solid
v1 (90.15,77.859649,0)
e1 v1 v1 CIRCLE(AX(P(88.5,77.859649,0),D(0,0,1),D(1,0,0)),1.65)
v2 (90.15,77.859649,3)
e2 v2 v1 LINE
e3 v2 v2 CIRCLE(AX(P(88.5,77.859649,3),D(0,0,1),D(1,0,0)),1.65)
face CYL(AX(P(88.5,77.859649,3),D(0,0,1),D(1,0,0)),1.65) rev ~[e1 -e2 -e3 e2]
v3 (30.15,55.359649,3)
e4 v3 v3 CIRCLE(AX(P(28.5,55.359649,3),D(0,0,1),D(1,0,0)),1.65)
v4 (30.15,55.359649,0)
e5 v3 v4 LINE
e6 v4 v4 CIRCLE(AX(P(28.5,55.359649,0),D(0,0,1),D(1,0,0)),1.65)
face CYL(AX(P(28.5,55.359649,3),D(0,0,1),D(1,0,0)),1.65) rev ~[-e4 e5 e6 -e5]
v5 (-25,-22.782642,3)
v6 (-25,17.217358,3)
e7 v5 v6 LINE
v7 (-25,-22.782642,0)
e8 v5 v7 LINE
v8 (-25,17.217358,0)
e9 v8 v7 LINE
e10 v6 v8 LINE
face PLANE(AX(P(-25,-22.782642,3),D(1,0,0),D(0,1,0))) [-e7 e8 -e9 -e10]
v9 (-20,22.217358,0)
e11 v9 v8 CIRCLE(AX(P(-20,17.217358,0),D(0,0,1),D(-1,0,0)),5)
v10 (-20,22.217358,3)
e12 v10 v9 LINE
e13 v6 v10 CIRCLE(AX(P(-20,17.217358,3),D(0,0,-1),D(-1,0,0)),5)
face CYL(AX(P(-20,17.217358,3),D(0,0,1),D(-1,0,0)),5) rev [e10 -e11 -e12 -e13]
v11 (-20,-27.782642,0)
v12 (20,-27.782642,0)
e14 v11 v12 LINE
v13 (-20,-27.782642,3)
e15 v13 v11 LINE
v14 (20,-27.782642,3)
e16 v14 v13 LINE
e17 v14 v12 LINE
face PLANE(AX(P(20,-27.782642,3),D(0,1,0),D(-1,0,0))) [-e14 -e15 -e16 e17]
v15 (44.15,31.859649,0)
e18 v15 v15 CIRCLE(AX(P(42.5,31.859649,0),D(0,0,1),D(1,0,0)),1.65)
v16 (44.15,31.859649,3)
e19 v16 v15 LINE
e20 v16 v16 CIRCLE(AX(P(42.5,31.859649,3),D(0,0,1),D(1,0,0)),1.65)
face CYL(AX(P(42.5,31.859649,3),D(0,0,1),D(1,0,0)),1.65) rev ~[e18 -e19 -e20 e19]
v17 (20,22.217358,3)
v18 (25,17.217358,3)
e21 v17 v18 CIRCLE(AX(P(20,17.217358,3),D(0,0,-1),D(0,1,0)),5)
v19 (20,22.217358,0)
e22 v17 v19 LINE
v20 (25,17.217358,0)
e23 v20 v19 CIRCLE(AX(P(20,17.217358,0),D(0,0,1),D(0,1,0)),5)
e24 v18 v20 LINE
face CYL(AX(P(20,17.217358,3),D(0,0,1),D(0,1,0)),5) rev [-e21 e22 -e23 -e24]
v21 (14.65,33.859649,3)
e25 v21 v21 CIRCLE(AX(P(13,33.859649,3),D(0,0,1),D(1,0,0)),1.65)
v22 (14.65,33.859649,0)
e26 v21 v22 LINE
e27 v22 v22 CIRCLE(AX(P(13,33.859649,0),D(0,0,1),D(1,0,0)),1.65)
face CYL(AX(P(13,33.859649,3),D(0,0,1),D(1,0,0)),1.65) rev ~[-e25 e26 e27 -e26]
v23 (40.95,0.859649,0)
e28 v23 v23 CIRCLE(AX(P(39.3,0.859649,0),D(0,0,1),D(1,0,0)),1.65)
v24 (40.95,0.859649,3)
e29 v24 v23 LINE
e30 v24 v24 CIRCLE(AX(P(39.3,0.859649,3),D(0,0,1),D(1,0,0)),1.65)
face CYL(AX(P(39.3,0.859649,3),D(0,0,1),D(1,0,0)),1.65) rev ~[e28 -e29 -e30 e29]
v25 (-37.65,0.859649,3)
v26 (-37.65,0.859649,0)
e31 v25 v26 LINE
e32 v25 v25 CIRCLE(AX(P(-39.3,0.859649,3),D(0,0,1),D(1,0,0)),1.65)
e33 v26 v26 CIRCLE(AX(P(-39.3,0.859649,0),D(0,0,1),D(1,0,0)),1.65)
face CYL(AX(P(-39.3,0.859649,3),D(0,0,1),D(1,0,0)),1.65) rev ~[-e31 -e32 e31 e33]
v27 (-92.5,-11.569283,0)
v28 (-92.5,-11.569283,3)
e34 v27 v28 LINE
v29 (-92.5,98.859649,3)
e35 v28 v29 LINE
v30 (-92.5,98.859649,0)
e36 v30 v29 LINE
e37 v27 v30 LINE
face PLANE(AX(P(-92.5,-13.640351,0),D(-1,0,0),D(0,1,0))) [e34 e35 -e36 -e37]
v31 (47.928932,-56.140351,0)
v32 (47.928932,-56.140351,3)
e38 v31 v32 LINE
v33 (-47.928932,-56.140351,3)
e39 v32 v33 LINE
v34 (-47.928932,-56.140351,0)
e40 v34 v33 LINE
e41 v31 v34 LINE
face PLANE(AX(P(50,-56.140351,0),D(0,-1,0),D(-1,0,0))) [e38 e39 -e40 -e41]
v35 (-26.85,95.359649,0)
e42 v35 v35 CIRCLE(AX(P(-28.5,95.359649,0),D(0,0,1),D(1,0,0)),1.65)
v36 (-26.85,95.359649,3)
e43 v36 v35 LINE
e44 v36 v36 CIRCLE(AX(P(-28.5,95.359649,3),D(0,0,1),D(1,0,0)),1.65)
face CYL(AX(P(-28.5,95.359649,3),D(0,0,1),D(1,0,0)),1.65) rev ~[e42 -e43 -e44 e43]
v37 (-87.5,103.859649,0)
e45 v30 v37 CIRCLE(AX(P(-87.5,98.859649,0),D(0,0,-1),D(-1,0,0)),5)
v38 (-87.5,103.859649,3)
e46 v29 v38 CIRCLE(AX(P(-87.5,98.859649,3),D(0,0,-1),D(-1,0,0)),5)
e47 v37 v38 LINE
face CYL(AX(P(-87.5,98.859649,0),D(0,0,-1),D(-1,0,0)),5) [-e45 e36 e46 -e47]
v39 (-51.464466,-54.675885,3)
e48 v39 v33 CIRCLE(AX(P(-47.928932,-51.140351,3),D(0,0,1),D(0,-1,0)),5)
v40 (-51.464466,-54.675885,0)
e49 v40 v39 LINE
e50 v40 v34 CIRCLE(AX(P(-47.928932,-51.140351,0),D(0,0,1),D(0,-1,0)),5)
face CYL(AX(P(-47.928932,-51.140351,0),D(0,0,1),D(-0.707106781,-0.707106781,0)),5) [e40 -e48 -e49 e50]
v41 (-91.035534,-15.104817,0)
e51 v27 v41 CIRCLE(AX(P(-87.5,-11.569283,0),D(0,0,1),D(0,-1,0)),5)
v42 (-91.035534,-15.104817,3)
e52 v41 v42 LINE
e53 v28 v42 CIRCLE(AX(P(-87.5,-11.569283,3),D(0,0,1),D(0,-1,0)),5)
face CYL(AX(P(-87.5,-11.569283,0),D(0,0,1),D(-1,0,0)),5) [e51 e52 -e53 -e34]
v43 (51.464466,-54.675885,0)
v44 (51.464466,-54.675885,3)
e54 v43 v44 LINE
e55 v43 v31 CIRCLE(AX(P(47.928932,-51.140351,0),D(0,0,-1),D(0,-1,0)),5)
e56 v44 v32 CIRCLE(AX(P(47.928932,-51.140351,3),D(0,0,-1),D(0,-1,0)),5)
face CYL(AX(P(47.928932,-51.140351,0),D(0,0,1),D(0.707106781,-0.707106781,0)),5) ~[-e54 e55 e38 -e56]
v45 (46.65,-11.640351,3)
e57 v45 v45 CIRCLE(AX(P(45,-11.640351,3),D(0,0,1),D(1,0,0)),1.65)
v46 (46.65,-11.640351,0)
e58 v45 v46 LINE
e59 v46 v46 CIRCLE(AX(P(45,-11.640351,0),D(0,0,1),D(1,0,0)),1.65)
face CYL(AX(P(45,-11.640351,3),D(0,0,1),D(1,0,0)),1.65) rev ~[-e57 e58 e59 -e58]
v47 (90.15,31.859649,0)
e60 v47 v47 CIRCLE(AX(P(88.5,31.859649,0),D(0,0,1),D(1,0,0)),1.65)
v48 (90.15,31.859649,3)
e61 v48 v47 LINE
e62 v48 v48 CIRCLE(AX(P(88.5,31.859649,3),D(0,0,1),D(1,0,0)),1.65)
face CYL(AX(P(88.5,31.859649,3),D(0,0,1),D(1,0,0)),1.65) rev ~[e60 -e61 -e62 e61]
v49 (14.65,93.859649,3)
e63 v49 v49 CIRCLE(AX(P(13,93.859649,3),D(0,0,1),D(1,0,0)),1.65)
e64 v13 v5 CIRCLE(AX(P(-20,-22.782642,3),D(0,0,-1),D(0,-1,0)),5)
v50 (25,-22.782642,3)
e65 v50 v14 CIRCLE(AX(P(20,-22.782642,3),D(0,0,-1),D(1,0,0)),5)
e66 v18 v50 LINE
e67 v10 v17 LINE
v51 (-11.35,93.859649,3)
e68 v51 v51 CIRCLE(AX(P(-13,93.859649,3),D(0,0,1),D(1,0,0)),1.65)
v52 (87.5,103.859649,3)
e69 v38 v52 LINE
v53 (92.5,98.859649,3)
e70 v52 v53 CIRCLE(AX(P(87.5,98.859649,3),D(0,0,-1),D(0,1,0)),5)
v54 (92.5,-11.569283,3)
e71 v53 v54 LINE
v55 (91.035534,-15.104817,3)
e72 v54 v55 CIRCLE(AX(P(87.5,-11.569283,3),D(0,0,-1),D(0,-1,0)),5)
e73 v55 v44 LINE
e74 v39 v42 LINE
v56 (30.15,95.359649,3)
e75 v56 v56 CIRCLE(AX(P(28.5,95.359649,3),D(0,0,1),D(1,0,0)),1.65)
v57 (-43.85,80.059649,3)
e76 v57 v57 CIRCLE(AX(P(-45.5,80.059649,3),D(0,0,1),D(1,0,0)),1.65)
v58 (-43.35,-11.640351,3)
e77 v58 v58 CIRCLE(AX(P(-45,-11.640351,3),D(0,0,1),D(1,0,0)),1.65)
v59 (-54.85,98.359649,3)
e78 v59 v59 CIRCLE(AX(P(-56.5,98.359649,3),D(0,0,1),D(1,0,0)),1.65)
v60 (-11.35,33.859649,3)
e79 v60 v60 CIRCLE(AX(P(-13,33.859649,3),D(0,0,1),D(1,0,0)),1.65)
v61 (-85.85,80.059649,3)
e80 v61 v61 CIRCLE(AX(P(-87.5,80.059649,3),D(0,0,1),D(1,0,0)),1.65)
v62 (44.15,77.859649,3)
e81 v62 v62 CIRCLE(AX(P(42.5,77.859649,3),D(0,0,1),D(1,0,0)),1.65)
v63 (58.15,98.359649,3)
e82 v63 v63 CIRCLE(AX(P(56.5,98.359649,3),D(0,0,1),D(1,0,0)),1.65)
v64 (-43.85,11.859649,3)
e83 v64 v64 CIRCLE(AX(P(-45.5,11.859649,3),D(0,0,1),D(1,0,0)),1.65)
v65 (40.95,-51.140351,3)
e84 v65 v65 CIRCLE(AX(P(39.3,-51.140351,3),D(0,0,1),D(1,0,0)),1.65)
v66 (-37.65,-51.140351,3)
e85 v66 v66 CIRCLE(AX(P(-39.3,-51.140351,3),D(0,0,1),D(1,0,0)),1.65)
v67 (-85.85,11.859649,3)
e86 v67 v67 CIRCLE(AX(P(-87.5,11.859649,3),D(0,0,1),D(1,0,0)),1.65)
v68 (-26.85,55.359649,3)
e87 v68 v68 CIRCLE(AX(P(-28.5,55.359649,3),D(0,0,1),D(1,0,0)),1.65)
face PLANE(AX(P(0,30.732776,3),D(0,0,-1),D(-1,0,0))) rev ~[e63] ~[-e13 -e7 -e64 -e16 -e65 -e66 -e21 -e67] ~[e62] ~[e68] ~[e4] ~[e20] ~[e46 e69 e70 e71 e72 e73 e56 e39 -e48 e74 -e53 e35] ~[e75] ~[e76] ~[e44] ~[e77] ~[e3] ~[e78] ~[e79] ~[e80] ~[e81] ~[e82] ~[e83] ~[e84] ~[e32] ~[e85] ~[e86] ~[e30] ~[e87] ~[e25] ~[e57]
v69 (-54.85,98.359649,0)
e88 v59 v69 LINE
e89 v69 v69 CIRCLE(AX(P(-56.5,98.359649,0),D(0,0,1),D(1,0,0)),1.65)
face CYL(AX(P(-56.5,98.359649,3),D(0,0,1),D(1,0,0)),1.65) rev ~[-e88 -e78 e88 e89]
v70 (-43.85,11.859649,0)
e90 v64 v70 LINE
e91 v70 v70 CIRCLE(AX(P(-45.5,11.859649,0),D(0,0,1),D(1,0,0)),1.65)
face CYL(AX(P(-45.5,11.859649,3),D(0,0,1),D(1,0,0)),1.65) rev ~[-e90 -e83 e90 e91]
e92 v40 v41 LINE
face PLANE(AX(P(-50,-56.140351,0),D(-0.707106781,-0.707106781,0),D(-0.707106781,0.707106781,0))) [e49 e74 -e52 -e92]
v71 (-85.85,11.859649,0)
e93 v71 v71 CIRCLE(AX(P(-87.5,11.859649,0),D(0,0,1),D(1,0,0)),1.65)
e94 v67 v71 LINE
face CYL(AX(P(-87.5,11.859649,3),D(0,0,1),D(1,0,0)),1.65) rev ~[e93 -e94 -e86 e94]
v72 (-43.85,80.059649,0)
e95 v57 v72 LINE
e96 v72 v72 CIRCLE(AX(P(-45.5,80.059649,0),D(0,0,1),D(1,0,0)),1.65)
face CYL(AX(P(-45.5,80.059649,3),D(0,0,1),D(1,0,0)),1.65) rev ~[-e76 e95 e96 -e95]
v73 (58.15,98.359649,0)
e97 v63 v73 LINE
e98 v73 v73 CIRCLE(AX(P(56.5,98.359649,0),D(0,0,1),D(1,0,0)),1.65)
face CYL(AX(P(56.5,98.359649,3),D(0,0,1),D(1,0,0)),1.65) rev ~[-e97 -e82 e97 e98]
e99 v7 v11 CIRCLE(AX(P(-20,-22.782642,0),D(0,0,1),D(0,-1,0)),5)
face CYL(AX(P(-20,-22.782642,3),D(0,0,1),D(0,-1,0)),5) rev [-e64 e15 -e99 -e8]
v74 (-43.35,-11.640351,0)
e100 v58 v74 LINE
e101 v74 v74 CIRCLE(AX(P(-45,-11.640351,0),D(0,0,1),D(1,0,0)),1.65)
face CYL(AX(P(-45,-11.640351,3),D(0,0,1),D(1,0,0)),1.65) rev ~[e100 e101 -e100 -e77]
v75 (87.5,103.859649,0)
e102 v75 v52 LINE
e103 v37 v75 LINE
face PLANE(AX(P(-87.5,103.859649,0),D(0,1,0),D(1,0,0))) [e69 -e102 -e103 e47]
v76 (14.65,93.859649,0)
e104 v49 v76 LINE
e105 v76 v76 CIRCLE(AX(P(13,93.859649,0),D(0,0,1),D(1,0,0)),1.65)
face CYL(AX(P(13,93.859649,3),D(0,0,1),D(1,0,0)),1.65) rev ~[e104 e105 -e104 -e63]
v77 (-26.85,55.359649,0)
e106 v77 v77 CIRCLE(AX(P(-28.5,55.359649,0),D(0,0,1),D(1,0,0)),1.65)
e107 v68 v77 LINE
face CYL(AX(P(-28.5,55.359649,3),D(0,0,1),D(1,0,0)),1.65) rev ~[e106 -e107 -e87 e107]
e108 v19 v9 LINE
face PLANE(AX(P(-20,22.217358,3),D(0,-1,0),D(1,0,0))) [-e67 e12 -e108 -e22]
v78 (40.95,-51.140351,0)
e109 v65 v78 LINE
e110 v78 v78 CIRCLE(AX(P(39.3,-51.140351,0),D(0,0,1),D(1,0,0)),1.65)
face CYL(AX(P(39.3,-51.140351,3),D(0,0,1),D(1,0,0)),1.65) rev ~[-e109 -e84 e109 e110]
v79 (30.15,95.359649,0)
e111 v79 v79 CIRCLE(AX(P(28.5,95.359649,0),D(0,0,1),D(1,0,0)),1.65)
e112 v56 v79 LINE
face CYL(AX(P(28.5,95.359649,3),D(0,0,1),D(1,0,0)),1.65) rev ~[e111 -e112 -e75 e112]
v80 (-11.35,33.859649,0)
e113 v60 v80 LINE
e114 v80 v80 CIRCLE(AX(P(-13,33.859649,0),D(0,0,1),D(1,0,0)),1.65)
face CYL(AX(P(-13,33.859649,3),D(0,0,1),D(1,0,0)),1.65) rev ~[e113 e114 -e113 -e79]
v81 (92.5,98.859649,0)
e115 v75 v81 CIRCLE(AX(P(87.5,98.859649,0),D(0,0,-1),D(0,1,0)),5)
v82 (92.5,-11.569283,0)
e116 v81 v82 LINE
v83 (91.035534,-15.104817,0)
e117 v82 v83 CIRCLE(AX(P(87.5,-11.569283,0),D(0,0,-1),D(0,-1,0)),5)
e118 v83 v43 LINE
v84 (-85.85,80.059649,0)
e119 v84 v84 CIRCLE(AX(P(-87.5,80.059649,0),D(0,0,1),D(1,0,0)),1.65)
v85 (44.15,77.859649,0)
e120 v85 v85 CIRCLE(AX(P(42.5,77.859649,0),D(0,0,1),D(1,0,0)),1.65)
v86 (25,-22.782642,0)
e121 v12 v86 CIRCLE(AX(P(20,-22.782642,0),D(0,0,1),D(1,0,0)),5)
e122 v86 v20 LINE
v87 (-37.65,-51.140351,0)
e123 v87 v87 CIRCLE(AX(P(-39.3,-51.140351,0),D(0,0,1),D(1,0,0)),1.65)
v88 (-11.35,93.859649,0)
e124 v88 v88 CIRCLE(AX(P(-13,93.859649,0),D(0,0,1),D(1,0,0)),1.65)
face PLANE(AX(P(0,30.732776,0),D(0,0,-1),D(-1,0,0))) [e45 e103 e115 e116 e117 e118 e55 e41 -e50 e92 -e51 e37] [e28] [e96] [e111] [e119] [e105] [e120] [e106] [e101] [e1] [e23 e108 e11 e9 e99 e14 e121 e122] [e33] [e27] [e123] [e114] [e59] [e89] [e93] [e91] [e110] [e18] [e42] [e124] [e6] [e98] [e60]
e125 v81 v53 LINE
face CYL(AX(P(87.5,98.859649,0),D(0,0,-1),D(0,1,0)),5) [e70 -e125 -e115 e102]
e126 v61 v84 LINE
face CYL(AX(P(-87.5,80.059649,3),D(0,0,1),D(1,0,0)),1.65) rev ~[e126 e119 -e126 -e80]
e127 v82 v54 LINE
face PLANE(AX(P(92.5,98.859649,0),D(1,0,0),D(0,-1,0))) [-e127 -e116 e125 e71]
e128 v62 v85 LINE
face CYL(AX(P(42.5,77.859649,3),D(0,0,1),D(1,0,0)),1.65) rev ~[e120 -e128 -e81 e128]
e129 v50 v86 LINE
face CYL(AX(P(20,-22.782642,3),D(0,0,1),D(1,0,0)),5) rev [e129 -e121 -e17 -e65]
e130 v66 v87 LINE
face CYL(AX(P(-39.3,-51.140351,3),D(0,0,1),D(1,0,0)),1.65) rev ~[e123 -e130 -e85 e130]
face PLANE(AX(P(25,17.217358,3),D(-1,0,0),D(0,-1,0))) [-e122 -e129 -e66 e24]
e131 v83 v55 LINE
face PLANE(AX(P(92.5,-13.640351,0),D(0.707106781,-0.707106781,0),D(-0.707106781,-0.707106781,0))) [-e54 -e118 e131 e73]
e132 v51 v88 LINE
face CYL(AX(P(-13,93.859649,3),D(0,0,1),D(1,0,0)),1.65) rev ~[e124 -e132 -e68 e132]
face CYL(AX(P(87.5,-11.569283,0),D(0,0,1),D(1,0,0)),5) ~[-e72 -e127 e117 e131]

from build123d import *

# Parameters (mm, degrees)
EXTRUDE_1_DEPTH     = 3
SKETCH_2_R          = 1.65
CUT_EXTRUDE_1_DEPTH = 10
SKETCH_3_R          = 1.65
CUT_EXTRUDE_2_DEPTH = 10
SKETCH_4_R          = 1.65
CUT_EXTRUDE_3_DEPTH = 10
SKETCH_5_R          = 1.65
CUT_EXTRUDE_4_DEPTH = 10
SKETCH_6_R          = 1.65
CUT_EXTRUDE_5_DEPTH = 10
SKETCH_7_R          = 1.65
CUT_EXTRUDE_6_DEPTH = 10
CUT_EXTRUDE_7_DEPTH = 10
FILLET_1_R          = 5


with BuildPart() as part:
    # 草图1 → 凸台-拉伸1 (new body)
    with BuildSketch(Plane.XY):
        with BuildLine():
            Line((-87.5, 103.859649123), (87.5, 103.859649123))
            ThreePointArc((87.5, 103.859649123), (91.035533906, 102.395183029), (92.5, 98.859649123))
            Line((92.5, 98.859649123), (92.5, -13.640350877))
            Line((92.5, -13.640350877), (50, -56.140350877))
            Line((50, -56.140350877), (-50, -56.140350877))
            Line((-50, -56.140350877), (-92.5, -13.640350877))
            Line((-92.5, -13.640350877), (-92.5, 98.859649123))
            ThreePointArc((-92.5, 98.859649123), (-91.035533906, 102.395183029), (-87.5, 103.859649123))
        make_face()
    extrude(amount=EXTRUDE_1_DEPTH)

    # 草图2 → 切除-拉伸1 (cut)
    with BuildSketch(Plane.XY.offset(3)):
        with Locations((-28.5, 95.359649123)):
            Circle(SKETCH_2_R)
        with Locations((28.5, 95.359649123)):
            Circle(SKETCH_2_R)
        with Locations((-28.5, 55.359649123)):
            Circle(SKETCH_2_R)
        with Locations((28.5, 55.359649123)):
            Circle(SKETCH_2_R)
    extrude(amount=-CUT_EXTRUDE_1_DEPTH, mode=Mode.SUBTRACT)

    # 草图3 → 切除-拉伸2 (cut)
    with BuildSketch(Plane.XY.offset(3)):
        with Locations((-87.5, 80.059649123)):
            Circle(SKETCH_3_R)
        with Locations((-45.5, 80.059649123)):
            Circle(SKETCH_3_R)
        with Locations((-87.5, 11.859649123)):
            Circle(SKETCH_3_R)
        with Locations((-45.5, 11.859649123)):
            Circle(SKETCH_3_R)
    extrude(amount=-CUT_EXTRUDE_2_DEPTH, mode=Mode.SUBTRACT)

    # 草图4 → 切除-拉伸3 (cut)
    with BuildSketch(Plane.XY.offset(3)):
        with Locations((42.5, 77.859649123)):
            Circle(SKETCH_4_R)
        with Locations((88.5, 77.859649123)):
            Circle(SKETCH_4_R)
        with Locations((42.5, 31.859649123)):
            Circle(SKETCH_4_R)
        with Locations((88.5, 31.859649123)):
            Circle(SKETCH_4_R)
    extrude(amount=-CUT_EXTRUDE_3_DEPTH, mode=Mode.SUBTRACT)

    # 草图5 → 切除-拉伸4 (cut)
    with BuildSketch(Plane.XY.offset(3)):
        with Locations((-39.3, 0.859649123)):
            Circle(SKETCH_5_R)
        with Locations((39.3, 0.859649123)):
            Circle(SKETCH_5_R)
        with Locations((-39.3, -51.140350877)):
            Circle(SKETCH_5_R)
        with Locations((39.3, -51.140350877)):
            Circle(SKETCH_5_R)
    extrude(amount=-CUT_EXTRUDE_4_DEPTH, mode=Mode.SUBTRACT)

    # 草图6 → 切除-拉伸5 (cut)
    with BuildSketch(Plane.XY.offset(3)):
        with Locations((-56.5, 98.359649123)):
            Circle(SKETCH_6_R)
        with Locations((56.5, 98.359649123)):
            Circle(SKETCH_6_R)
        with Locations((-45, -11.640350877)):
            Circle(SKETCH_6_R)
        with Locations((45, -11.640350877)):
            Circle(SKETCH_6_R)
    extrude(amount=-CUT_EXTRUDE_5_DEPTH, mode=Mode.SUBTRACT)

    # 草图7 → 切除-拉伸6 (cut)
    with BuildSketch(Plane.XY.offset(3)):
        with Locations((-13, 93.859649123)):
            Circle(SKETCH_7_R)
        with Locations((13, 93.859649123)):
            Circle(SKETCH_7_R)
        with Locations((13, 33.859649123)):
            Circle(SKETCH_7_R)
        with Locations((-13, 33.859649123)):
            Circle(SKETCH_7_R)
    extrude(amount=-CUT_EXTRUDE_6_DEPTH, mode=Mode.SUBTRACT)

    # 草图8 → 切除-拉伸7 (cut)
    with BuildSketch(Plane.XY.offset(3)):
        with BuildLine():
            Line((-20, 22.217358158), (20, 22.217358158))
            ThreePointArc((20, 22.217358158), (23.535533906, 20.752892063), (25, 17.217358158))
            Line((25, 17.217358158), (25, -22.782641842))
            ThreePointArc((25, -22.782641842), (23.535533906, -26.318175748), (20, -27.782641842))
            Line((20, -27.782641842), (-20, -27.782641842))
            ThreePointArc((-20, -27.782641842), (-23.535533906, -26.318175748), (-25, -22.782641842))
            Line((-25, -22.782641842), (-25, 17.217358158))
            ThreePointArc((-25, 17.217358158), (-23.535533906, 20.752892063), (-20, 22.217358158))
        make_face()
    extrude(amount=-CUT_EXTRUDE_7_DEPTH, mode=Mode.SUBTRACT)

    # 圆角1
    fillet_1_edges = [part.edges().sort_by_distance(p)[0] for p in [
        (-92.5, -13.640350877, 1.5),
        (92.5, -13.640350877, 1.5),
        (50, -56.140350877, 1.5),
        (-50, -56.140350877, 1.5),
    ]]
    fillet(fillet_1_edges, radius=FILLET_1_R)


solid = part.part
